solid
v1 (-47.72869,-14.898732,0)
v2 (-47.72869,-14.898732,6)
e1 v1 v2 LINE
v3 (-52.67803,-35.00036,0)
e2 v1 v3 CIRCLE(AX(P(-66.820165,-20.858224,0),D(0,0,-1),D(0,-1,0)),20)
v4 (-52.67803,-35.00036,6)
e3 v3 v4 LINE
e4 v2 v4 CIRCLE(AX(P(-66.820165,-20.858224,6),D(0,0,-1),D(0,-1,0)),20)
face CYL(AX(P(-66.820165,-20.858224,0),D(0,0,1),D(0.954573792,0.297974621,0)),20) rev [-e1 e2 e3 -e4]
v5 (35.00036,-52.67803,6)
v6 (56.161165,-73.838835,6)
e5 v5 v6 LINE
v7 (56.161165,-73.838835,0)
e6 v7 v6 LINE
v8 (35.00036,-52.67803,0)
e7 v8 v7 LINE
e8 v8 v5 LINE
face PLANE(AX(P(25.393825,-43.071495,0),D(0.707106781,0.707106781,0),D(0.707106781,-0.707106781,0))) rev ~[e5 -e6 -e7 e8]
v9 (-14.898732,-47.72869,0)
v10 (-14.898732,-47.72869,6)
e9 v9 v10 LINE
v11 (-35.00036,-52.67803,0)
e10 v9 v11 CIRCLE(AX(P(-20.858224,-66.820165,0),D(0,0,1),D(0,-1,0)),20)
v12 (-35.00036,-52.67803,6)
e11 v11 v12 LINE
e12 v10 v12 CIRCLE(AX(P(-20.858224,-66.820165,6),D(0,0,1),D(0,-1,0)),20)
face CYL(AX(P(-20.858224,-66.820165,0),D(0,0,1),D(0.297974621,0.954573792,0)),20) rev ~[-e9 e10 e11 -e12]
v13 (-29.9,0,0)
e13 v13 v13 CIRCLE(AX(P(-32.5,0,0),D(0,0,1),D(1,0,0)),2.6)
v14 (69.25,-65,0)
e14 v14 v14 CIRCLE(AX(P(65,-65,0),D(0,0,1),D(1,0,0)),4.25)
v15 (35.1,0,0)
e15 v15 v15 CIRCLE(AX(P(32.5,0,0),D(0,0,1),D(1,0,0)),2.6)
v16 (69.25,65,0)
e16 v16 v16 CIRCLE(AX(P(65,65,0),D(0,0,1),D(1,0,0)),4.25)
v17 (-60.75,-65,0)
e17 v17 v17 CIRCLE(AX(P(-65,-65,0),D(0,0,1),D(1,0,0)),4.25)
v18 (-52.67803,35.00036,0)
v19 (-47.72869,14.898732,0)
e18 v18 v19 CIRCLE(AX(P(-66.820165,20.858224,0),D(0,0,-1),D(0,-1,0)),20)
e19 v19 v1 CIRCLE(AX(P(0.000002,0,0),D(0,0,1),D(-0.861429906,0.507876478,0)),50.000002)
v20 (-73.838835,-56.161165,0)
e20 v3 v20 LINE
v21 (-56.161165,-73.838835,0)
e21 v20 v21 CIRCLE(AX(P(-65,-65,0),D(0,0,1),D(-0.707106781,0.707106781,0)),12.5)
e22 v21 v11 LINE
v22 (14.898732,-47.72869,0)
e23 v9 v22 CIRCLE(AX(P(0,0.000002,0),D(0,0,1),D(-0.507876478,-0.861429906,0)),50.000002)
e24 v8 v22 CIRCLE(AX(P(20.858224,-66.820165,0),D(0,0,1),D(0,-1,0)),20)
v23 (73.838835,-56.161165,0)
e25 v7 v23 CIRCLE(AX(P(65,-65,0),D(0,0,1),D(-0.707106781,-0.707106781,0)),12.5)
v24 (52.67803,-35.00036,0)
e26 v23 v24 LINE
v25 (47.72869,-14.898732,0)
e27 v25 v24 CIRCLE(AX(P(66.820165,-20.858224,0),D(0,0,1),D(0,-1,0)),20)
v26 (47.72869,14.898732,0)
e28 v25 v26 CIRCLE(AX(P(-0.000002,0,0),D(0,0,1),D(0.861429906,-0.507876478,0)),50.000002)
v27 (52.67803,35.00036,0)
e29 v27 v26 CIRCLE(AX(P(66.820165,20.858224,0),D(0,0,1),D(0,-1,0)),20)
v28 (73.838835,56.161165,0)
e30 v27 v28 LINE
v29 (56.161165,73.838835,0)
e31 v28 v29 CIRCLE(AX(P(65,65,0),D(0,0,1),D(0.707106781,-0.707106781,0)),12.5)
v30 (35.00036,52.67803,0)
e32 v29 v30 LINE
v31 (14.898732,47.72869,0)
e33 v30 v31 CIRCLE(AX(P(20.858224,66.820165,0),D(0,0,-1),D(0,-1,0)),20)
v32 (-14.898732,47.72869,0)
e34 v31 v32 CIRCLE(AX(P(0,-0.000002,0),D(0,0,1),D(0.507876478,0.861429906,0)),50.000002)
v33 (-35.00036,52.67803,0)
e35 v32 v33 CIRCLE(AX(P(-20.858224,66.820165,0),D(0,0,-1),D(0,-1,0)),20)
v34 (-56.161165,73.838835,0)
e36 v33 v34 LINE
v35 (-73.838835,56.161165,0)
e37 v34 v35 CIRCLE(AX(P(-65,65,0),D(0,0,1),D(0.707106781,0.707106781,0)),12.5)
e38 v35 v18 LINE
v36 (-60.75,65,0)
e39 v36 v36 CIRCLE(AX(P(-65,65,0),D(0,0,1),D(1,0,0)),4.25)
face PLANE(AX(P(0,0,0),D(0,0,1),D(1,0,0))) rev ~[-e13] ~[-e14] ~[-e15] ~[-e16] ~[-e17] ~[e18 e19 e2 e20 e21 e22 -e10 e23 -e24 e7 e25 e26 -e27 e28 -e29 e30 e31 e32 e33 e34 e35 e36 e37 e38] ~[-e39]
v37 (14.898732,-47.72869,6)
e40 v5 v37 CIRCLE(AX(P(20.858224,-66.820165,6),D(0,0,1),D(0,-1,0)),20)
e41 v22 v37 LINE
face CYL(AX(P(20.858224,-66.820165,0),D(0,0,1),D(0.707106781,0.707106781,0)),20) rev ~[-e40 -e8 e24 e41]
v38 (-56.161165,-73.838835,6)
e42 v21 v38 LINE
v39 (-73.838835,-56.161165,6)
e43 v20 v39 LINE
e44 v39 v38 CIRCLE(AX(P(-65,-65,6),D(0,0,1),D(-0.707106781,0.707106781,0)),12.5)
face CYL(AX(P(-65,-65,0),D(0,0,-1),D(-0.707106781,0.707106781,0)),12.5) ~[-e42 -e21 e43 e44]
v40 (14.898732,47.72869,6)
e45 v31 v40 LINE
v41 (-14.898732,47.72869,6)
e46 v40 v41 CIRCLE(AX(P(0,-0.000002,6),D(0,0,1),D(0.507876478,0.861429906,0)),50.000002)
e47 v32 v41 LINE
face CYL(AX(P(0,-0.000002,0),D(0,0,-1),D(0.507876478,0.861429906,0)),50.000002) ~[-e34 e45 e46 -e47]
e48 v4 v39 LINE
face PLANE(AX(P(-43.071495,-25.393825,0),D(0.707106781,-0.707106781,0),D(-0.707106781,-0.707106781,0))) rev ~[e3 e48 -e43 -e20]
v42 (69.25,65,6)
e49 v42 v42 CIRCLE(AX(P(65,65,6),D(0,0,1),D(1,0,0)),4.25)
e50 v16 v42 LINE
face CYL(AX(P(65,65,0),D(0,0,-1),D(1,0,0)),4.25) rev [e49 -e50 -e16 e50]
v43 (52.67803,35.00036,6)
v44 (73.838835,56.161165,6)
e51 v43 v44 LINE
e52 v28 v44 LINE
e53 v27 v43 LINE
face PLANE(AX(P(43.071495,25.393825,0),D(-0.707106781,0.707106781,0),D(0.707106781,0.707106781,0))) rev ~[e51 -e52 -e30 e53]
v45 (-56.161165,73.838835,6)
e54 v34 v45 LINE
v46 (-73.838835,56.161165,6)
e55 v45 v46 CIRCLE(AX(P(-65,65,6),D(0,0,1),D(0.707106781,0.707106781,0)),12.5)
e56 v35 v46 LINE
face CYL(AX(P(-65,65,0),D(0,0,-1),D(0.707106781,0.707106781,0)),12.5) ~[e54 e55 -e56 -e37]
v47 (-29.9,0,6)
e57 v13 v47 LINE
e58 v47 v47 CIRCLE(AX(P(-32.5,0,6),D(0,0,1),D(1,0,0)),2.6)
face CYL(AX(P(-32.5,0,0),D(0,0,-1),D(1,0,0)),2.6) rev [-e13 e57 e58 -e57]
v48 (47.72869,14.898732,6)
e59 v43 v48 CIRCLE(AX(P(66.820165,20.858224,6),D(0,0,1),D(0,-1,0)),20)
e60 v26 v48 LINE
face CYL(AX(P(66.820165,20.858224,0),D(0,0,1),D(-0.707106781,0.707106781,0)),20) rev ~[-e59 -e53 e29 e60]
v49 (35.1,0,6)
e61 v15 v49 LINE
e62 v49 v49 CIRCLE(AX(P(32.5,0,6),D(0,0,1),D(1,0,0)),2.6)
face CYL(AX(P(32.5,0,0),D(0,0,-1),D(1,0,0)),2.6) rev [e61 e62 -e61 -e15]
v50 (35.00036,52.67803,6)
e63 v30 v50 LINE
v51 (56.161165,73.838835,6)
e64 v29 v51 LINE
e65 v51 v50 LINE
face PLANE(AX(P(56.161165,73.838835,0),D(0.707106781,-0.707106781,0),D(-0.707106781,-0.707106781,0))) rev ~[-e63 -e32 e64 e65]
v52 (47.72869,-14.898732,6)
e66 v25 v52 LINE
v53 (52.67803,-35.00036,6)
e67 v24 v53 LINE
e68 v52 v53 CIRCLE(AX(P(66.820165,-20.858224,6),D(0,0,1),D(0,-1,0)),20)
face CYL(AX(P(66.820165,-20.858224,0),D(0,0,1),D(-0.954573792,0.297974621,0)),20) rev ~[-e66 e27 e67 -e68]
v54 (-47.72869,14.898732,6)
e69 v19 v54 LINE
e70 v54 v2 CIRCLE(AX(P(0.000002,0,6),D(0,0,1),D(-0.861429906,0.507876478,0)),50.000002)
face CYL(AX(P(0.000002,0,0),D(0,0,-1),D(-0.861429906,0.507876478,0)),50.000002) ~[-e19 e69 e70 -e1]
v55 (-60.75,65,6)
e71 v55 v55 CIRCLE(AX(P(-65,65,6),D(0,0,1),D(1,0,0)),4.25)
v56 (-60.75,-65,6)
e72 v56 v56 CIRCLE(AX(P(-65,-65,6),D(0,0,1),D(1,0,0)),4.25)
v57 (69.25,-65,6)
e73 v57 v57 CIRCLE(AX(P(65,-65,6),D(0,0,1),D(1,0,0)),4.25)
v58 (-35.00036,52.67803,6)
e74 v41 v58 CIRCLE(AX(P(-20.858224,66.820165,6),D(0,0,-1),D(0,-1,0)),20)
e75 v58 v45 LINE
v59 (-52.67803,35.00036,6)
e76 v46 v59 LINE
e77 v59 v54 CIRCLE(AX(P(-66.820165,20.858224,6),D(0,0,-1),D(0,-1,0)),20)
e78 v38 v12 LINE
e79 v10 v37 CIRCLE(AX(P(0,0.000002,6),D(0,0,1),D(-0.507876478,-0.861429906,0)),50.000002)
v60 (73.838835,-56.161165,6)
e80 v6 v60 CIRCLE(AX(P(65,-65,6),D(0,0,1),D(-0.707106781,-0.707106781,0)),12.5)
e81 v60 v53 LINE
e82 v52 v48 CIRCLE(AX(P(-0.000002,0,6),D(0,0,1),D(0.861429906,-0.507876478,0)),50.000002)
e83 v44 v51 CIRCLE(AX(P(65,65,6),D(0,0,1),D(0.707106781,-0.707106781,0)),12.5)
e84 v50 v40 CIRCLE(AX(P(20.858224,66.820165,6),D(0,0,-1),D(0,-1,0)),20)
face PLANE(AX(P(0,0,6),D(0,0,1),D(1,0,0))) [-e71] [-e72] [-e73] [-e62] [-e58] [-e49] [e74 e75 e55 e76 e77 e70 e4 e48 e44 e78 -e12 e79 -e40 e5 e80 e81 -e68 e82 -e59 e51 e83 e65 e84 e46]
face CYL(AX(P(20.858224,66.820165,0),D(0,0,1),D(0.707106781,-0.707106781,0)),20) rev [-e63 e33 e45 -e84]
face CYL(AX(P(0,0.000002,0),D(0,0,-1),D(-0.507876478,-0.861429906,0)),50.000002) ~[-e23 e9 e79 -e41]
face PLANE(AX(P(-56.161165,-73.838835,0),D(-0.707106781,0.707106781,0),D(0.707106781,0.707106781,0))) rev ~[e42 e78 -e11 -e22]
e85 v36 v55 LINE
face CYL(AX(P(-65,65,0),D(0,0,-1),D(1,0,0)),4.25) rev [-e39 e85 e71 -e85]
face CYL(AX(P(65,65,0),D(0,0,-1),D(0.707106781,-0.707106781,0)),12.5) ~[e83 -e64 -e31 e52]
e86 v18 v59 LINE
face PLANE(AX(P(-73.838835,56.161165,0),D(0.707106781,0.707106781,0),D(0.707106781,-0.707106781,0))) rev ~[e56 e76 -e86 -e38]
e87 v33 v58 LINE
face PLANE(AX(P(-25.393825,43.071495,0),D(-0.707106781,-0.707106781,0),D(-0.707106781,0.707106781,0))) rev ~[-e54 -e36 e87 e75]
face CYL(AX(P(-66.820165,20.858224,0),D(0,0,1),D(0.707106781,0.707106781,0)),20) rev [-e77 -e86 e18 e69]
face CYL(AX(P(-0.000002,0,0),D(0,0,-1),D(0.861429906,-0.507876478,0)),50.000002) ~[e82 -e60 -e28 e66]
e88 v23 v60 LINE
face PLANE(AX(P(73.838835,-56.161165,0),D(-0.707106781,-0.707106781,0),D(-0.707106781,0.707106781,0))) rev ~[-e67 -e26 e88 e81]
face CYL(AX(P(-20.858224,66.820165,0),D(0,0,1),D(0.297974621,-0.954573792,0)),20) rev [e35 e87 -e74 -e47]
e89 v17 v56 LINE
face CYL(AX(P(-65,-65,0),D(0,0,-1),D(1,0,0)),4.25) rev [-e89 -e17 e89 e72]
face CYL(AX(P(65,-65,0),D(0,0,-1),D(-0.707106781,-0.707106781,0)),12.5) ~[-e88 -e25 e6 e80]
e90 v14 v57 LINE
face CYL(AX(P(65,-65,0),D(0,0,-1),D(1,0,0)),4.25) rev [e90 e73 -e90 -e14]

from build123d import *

# Parameters (mm, degrees)
F0_R     = 4.25
F0_R_2   = 2.6
F1_DEPTH = 6
F2_R     = 20


with BuildPart() as f1:
    # F0 (on Top) → F1 (new body)
    with BuildSketch(Plane.XY):
        with BuildLine():
            Line((56.161165, 73.838835), (25.393825, 43.071495))
            ThreePointArc((25.393825, 43.071495), (0, 50), (-25.393825, 43.071495))
            Line((-25.393825, 43.071495), (-56.161165, 73.838835))
            ThreePointArc((-56.161165, 73.838835), (-73.838835, 73.838835), (-73.838835, 56.161165))
            Line((-73.838835, 56.161165), (-43.071495, 25.393825))
            ThreePointArc((-43.071495, 25.393825), (-50, 0), (-43.071495, -25.393825))
            Line((-43.071495, -25.393825), (-73.838835, -56.161165))
            ThreePointArc((-73.838835, -56.161165), (-73.838835, -73.838835), (-56.161165, -73.838835))
            Line((-56.161165, -73.838835), (-25.393825, -43.071495))
            ThreePointArc((-25.393825, -43.071495), (0, -50), (25.393825, -43.071495))
            Line((25.393825, -43.071495), (56.161165, -73.838835))
            ThreePointArc((56.161165, -73.838835), (73.838835, -73.838835), (73.838835, -56.161165))
            Line((73.838835, -56.161165), (43.071495, -25.393825))
            ThreePointArc((43.071495, -25.393825), (50, 0), (43.071495, 25.393825))
            Line((43.071495, 25.393825), (73.838835, 56.161165))
            ThreePointArc((73.838835, 56.161165), (73.838835, 73.838835), (56.161165, 73.838835))
        make_face()
        with Locations((-65, -65)):
            Circle(F0_R, mode=Mode.SUBTRACT)
        with Locations((65, -65)):
            Circle(F0_R, mode=Mode.SUBTRACT)
        with Locations((-32.5, 0)):
            Circle(F0_R_2, mode=Mode.SUBTRACT)
        with Locations((-65, 65)):
            Circle(F0_R, mode=Mode.SUBTRACT)
        with Locations((32.5, 0)):
            Circle(F0_R_2, mode=Mode.SUBTRACT)
        with Locations((65, 65)):
            Circle(F0_R, mode=Mode.SUBTRACT)
    extrude(amount=F1_DEPTH)

    # F2
    f2_edges = [f1.edges().sort_by_distance(p)[0] for p in [
        (-25.393825, -43.071495, 3),
        (25.393825, -43.071495, 3),
        (43.071495, -25.393825, 3),
        (43.071495, 25.393825, 3),
        (25.393825, 43.071495, 3),
        (-25.393825, 43.071495, 3),
        (-43.071495, 25.393825, 3),
        (-43.071495, -25.393825, 3),
    ]]
    fillet(f2_edges, radius=F2_R)


solid = f1.part
